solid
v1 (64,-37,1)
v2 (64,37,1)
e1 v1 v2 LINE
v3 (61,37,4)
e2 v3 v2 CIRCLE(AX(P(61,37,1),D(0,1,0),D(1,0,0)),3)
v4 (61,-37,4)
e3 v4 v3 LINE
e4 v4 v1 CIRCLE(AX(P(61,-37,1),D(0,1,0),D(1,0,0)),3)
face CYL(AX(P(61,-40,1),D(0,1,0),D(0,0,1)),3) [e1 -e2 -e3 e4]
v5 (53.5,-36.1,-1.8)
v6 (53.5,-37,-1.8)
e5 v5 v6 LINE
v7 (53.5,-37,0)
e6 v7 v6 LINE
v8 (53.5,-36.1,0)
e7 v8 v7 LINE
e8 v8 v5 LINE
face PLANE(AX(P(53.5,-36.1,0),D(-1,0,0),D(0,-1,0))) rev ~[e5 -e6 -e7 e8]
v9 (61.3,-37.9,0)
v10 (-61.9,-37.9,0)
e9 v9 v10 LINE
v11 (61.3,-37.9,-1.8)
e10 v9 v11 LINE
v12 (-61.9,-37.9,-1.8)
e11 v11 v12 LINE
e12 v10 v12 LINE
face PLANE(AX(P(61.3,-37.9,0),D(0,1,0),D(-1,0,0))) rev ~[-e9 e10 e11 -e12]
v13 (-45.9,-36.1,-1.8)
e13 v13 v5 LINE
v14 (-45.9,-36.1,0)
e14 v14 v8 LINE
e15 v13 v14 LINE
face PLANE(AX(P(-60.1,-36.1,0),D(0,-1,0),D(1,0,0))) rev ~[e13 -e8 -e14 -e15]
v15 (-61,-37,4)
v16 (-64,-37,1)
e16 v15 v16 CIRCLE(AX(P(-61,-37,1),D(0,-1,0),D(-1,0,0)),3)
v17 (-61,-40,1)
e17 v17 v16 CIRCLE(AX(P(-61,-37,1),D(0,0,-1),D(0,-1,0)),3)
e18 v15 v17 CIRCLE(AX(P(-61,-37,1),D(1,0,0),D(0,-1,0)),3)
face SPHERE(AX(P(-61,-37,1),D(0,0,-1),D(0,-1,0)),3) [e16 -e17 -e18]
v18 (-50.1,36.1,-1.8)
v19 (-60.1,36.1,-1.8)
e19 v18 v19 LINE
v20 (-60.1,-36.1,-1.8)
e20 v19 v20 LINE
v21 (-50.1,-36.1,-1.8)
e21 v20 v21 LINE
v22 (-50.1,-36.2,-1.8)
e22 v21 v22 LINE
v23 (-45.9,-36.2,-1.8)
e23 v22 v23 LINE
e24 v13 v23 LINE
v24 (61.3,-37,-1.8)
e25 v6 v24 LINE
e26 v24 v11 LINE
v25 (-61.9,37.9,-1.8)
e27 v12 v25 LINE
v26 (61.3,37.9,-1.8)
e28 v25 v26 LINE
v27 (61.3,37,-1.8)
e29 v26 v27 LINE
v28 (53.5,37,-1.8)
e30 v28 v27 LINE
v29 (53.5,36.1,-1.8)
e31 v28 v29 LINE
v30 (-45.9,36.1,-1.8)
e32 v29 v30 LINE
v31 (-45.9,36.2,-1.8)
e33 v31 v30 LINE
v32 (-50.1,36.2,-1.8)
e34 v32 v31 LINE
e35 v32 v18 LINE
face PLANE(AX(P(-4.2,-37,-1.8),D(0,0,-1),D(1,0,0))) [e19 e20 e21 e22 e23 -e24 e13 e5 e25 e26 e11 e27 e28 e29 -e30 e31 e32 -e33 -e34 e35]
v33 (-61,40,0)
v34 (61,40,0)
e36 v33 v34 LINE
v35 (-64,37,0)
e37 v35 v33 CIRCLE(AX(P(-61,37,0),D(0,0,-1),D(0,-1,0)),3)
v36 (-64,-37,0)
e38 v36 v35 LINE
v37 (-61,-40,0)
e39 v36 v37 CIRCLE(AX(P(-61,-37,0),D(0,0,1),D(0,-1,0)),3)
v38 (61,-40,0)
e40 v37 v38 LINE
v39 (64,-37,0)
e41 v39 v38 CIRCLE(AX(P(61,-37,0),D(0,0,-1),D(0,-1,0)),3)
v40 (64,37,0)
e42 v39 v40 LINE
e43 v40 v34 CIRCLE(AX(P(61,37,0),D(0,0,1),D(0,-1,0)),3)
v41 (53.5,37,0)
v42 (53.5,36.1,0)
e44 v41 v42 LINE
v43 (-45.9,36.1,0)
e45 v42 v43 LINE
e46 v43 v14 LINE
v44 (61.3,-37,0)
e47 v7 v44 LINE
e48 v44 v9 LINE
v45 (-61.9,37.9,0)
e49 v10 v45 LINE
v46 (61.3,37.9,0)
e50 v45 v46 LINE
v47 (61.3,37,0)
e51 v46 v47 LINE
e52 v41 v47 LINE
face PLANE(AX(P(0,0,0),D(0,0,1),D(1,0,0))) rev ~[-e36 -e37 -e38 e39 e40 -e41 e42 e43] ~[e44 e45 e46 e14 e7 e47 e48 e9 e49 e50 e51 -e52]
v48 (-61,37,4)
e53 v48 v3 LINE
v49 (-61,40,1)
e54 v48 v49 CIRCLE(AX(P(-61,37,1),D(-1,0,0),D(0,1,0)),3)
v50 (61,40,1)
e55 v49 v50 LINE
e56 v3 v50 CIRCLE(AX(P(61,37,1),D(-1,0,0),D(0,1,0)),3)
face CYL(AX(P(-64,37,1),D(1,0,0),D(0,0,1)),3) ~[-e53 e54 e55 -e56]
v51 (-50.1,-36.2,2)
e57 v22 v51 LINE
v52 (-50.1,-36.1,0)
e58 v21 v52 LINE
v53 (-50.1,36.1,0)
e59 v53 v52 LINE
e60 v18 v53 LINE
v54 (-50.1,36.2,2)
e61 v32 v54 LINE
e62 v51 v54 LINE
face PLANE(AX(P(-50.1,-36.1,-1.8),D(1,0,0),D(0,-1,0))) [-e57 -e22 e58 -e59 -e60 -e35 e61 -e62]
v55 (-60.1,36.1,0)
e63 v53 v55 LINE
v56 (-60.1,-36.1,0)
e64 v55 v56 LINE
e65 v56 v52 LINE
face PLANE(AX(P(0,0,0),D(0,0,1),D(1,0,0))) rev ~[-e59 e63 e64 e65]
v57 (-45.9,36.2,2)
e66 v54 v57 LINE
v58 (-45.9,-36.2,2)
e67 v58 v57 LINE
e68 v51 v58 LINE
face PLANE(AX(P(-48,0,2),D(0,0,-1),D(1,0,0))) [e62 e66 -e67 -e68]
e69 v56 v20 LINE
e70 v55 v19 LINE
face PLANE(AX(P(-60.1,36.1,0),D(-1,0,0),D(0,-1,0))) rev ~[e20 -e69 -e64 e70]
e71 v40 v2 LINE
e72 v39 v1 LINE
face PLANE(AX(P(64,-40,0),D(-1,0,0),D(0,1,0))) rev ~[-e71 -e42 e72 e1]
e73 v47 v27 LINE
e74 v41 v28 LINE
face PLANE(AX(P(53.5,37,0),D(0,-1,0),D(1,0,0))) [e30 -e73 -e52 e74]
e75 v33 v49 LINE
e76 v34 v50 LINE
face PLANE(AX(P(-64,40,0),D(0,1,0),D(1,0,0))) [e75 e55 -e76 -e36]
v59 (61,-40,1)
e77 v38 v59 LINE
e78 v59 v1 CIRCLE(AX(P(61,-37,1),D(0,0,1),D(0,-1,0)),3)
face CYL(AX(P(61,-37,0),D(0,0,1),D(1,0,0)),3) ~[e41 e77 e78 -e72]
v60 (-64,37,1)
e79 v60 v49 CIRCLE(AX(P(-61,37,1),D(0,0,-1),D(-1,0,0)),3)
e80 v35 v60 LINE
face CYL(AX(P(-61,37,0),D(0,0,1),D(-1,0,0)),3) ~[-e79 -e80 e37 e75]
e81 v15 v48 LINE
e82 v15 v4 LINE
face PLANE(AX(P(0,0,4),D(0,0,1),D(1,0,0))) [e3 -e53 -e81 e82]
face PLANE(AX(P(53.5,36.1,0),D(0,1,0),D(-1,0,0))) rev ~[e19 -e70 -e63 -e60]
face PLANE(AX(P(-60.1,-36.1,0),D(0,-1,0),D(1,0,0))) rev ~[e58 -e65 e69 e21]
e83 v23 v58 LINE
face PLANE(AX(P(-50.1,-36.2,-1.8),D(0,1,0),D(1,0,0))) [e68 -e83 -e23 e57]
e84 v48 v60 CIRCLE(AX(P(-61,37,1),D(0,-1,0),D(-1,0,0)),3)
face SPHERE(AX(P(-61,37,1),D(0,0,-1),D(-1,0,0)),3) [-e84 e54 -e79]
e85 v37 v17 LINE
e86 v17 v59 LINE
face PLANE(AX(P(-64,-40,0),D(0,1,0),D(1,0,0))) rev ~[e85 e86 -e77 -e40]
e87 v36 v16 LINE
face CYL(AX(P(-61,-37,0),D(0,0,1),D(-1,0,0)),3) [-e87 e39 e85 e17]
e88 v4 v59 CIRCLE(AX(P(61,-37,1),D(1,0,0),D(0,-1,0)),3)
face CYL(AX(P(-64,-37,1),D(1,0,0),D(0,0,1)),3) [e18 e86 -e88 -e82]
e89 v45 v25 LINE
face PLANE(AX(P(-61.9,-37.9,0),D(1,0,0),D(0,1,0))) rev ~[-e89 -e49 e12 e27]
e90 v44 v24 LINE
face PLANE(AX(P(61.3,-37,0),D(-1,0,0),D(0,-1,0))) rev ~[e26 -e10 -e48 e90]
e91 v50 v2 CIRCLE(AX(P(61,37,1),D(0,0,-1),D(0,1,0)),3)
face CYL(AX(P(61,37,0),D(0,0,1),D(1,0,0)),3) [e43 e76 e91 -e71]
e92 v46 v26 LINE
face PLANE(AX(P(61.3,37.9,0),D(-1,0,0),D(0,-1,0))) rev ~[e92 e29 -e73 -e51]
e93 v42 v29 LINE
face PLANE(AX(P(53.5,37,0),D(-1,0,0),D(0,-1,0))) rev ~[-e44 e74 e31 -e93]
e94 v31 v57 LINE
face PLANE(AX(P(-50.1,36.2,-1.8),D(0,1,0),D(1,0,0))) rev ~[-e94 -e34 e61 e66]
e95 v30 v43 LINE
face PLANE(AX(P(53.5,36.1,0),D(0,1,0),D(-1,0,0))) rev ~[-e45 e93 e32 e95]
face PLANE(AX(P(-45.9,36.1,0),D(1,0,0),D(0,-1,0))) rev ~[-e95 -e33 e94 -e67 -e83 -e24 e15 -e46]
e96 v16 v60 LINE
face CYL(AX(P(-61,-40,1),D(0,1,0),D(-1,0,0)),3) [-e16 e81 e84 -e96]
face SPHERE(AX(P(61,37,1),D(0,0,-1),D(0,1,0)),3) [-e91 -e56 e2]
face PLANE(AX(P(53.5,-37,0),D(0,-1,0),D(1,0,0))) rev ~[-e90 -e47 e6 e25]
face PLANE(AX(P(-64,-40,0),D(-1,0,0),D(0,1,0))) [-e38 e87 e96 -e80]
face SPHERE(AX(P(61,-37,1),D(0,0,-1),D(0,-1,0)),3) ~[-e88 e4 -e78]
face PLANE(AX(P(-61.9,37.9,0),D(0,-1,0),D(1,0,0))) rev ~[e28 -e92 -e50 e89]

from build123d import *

# Parameters (mm, degrees)
F0_W     = 128
F0_H     = 80
F1_DEPTH = 4
F2_W     = 7.8
F2_H     = 0.9
F2_W_2   = 1.8
F2_H_2   = 72.2
F3_DEPTH = 1.8
F4_W     = 4.2
F4_H     = 72.2
F5_DEPTH = 2
F6_W     = 4.2
F6_H     = 0.1
F7_DEPTH = 3.8
F8_R     = 3


with BuildPart() as f1:
    # F0 (on Top) → F1 (new body)
    with BuildSketch(Plane.XY):
        Rectangle(F0_W, F0_H)
    extrude(amount=F1_DEPTH)

    # F2 (on face) → F3 (join)
    with BuildSketch(Plane(origin=(0, 0, 0), x_dir=(1, 0, 0), z_dir=(0, 0, -1))):
        Polygon((53.5, 37.9), (-61.9, 37.9), (-61.9, 36.1), (-60.1, 36.1), (53.5, 36.1), (53.5, 37), align=None)
        with Locations((57.4, 37.45)):
            Rectangle(F2_W, F2_H)
        with Locations((-61, 0)):
            Rectangle(F2_W_2, F2_H_2)
        Polygon((-60.1, -36.1), (-61.9, -36.1), (-61.9, -37.9), (53.5, -37.9), (53.5, -37), (53.5, -36.1), align=None)
        with Locations((57.4, -37.45)):
            Rectangle(F2_W, F2_H)
    extrude(amount=F3_DEPTH)

    # F4 (on face) → F5 (cut)
    with BuildSketch(Plane(origin=(0, 0, 0), x_dir=(1, 0, 0), z_dir=(0, 0, -1))):
        with Locations((-48, 0)):
            Rectangle(F4_W, F4_H)
    extrude(amount=-F5_DEPTH, mode=Mode.SUBTRACT)

    # F6 (on face) → F7 (cut)
    with BuildSketch(Plane(origin=(0, 0, -1.8), x_dir=(1, 0, 0), z_dir=(0, 0, -1))):
        with Locations((-48, 36.15)):
            Rectangle(F6_W, F6_H)
        with Locations((-48, -36.15)):
            Rectangle(F6_W, F6_H)
    extrude(amount=-F7_DEPTH, mode=Mode.SUBTRACT)

    # F8
    f8_edges = [f1.edges().sort_by_distance(p)[0] for p in [
        (64, -40, 2),
        (64, 40, 2),
        (-64, 40, 2),
        (-64, -40, 2),
        (0, -40, 4),
        (-64, 0, 4),
        (0, 40, 4),
        (64, 0, 4),
    ]]
    fillet(f8_edges, radius=F8_R)


solid = f1.part
